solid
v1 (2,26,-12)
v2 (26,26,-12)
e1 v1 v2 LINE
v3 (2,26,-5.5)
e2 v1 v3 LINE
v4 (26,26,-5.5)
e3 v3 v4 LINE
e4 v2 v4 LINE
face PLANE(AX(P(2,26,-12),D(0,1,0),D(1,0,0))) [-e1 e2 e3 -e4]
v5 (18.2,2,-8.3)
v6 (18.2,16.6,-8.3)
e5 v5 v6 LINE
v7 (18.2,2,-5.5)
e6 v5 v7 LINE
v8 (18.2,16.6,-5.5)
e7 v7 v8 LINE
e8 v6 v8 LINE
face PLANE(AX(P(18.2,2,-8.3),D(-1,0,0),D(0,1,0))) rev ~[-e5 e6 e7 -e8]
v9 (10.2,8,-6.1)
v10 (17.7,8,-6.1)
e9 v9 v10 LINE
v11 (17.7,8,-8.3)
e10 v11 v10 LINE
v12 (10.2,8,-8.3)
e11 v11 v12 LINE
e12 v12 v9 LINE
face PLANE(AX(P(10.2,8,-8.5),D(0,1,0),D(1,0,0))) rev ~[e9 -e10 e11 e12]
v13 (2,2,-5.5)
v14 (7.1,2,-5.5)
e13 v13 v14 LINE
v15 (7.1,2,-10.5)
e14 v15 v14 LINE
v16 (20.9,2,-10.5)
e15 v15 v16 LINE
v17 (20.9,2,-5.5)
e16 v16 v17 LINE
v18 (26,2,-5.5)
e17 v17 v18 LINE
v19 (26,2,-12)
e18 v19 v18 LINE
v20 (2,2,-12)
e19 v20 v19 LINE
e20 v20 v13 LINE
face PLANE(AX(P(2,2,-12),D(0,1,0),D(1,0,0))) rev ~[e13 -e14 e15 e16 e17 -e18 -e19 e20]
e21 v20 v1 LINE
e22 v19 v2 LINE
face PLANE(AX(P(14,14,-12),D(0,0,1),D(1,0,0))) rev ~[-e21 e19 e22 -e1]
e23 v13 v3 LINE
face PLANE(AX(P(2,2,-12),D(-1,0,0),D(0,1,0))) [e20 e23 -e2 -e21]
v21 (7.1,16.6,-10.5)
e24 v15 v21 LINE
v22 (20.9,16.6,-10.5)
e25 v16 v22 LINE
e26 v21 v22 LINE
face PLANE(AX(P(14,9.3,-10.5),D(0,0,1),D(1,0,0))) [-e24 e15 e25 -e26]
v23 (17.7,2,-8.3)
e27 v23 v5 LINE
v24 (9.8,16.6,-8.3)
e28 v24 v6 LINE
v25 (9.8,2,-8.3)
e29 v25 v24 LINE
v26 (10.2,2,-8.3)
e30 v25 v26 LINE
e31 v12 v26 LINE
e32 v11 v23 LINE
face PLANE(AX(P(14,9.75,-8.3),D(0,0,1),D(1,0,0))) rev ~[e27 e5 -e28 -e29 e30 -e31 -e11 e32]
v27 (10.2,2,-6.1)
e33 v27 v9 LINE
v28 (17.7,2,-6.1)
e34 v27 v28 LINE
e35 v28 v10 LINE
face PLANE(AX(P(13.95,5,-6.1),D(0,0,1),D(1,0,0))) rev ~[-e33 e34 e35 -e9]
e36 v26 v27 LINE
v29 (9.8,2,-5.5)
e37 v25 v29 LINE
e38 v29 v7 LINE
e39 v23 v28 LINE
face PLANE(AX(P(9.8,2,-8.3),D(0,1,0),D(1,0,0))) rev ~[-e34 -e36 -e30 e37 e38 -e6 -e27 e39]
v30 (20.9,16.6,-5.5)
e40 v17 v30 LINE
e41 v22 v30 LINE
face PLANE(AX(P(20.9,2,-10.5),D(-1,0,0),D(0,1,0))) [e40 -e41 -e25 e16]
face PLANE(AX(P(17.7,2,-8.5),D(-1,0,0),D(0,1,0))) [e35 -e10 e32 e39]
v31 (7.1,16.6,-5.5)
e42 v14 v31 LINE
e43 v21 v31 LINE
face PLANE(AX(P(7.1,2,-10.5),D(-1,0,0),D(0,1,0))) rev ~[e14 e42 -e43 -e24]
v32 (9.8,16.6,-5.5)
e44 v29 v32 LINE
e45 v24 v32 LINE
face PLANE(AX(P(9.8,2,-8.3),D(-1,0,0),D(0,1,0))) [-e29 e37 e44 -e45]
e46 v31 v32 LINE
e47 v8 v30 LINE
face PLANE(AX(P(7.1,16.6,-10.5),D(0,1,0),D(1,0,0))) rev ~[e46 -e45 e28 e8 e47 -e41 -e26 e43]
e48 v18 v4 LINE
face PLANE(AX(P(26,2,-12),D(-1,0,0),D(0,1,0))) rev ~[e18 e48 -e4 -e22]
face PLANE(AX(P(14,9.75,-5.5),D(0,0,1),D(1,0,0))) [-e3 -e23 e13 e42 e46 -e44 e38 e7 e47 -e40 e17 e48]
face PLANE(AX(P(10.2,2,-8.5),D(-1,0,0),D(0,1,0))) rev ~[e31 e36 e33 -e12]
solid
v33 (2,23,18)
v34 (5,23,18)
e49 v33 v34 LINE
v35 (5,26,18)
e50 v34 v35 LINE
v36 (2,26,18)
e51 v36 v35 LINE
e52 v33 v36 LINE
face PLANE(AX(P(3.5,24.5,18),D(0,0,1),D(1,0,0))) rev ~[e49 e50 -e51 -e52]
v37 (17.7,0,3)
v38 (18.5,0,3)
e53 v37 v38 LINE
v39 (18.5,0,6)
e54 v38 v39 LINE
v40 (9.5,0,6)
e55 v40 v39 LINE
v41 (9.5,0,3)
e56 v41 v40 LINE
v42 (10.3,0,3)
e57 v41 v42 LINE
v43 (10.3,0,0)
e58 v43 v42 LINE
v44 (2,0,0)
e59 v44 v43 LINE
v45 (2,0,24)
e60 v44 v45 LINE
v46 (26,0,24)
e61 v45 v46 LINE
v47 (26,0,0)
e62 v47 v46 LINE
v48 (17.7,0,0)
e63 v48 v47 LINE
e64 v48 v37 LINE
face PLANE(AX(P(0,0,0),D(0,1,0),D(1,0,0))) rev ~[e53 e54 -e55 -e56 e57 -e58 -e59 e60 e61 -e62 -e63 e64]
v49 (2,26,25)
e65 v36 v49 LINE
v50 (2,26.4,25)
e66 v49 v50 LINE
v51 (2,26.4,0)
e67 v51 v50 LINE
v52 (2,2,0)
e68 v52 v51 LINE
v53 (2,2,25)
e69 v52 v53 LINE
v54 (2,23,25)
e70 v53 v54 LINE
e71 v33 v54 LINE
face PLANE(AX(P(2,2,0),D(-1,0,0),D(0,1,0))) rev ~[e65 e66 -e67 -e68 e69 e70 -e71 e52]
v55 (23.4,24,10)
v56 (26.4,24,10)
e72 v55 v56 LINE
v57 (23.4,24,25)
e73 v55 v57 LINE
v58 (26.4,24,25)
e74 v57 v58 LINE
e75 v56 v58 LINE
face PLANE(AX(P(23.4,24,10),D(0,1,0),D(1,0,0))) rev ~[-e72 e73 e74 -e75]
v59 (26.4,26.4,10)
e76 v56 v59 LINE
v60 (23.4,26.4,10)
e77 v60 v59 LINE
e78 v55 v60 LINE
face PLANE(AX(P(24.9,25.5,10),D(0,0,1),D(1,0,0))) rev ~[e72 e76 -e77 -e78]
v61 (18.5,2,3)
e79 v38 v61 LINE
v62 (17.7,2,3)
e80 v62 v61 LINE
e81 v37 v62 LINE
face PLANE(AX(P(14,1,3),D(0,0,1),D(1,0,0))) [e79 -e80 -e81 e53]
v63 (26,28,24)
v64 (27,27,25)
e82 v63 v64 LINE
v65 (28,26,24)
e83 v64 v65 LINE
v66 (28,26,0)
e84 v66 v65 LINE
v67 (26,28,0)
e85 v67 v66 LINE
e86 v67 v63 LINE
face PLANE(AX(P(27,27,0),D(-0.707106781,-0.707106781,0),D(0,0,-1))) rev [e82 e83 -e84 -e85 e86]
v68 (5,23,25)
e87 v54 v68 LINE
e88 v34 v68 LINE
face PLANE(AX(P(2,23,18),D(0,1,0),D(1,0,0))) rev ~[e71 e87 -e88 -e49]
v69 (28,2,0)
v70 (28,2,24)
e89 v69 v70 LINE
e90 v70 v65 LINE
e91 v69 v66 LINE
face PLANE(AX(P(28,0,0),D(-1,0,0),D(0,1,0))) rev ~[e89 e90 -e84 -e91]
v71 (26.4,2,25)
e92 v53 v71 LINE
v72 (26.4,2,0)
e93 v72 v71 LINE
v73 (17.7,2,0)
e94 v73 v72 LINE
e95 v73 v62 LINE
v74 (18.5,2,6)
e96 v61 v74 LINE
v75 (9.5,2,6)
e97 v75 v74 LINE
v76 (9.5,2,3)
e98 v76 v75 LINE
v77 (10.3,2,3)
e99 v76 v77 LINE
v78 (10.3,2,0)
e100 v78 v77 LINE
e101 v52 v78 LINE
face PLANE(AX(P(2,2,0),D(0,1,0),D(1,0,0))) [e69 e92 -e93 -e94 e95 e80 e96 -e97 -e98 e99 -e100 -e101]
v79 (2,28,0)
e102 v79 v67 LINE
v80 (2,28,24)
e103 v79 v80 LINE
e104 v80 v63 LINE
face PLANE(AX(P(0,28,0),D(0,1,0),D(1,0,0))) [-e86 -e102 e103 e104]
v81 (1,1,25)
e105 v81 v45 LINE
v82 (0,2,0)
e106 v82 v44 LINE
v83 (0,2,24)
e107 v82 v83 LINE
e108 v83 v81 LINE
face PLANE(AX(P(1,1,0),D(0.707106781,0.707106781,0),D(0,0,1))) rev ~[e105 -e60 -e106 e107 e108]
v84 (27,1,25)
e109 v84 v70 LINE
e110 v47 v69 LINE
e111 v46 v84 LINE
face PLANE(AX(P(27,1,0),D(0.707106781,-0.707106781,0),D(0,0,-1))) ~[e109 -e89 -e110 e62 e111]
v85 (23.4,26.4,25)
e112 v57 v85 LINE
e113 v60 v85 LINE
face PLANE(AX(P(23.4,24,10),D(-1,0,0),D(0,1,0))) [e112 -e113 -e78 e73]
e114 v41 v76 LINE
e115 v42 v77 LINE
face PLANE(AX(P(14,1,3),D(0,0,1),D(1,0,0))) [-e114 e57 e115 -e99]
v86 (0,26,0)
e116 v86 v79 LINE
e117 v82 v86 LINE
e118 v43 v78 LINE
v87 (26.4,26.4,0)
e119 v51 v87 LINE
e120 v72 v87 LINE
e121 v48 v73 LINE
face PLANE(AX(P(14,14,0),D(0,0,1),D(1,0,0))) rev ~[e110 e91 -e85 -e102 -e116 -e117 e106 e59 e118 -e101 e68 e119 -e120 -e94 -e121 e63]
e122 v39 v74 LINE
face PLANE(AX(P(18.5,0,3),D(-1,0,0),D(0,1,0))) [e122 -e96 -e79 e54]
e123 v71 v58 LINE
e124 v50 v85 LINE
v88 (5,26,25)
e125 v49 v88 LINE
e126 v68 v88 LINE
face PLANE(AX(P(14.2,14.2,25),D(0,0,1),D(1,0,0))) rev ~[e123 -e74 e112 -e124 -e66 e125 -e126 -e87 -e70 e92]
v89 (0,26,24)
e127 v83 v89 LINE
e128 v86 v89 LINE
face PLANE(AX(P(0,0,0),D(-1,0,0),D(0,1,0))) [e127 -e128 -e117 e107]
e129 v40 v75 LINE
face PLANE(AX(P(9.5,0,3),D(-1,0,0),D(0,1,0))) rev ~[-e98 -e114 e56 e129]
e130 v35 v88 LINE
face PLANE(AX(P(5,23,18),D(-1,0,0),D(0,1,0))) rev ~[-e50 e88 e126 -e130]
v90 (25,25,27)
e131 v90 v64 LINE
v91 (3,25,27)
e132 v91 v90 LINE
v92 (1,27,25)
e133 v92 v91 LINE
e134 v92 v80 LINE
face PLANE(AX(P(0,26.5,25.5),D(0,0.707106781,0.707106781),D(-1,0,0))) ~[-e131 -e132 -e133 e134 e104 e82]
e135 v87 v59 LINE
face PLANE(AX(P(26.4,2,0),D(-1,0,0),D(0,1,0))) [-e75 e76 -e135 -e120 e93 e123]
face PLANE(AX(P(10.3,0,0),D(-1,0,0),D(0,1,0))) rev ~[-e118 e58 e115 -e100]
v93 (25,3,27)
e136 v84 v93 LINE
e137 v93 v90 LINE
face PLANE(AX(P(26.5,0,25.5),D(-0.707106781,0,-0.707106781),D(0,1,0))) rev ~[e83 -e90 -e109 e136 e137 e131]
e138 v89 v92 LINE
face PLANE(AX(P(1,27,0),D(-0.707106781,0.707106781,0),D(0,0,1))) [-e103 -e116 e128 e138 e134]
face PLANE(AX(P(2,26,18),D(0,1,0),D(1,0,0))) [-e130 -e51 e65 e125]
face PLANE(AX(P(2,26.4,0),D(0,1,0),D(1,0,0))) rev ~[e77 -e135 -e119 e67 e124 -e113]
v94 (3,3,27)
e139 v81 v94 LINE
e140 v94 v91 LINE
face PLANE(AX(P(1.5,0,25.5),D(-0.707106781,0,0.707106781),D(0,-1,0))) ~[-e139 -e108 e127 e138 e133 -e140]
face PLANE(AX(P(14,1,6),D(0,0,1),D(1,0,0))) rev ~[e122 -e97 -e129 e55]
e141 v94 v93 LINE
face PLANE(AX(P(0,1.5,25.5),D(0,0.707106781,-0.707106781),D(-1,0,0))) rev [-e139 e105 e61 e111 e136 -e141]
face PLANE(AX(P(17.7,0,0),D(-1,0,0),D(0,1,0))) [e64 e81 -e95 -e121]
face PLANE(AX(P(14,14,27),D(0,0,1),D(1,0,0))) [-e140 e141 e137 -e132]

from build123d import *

# Parameters (mm, degrees)
BOX_W           = 28
BOX_H           = 28
BOX_DEPTH       = 27
BOX001_W        = 24.4
BOX001_H        = 24.4
BOX001_DEPTH    = 25
BOX004_W        = 7.4
BOX004_H        = 2.3
BOX004_DEPTH    = 5
CHAMFER_SIZE    = 3
CHAMFER001_SIZE = 2
BOX007_W        = 3
BOX007_H        = 3
BOX007_DEPTH    = 15
BOX008_W        = 3
BOX008_H        = 3
BOX008_DEPTH    = 7
BOX009_W        = 9
BOX009_H        = 2
BOX009_DEPTH    = 3
BOX002_W        = 24
BOX002_H        = 24
BOX002_DEPTH    = 6.5
BOX003_W        = 13.8
BOX003_H        = 14.6
BOX003_DEPTH    = 5
BOX005_W        = 8.4
BOX005_H        = 15.5
BOX005_DEPTH    = 2.8
BOX006_W        = 7.5
BOX006_H        = 6
BOX006_DEPTH    = 2.4


with BuildPart() as body:
    # Box → Box (join)
    with BuildSketch(Plane.XY):
        with Locations((14, 14)):
            Rectangle(BOX_W, BOX_H)
    extrude(amount=BOX_DEPTH)

    # Box001 → Box001 (cut)
    with BuildSketch(Plane(origin=(2, 2, 0), x_dir=(1, 0, 0), z_dir=(0, 0, 1))):
        with Locations((12.2, 12.2)):
            Rectangle(BOX001_W, BOX001_H)
    extrude(amount=BOX001_DEPTH, mode=Mode.SUBTRACT)

    # Box004 → Box004 (cut)
    with BuildSketch(Plane(origin=(10.3, 0, 0), x_dir=(1, 0, 0), z_dir=(0, 0, 1))):
        with Locations((3.7, 1.15)):
            Rectangle(BOX004_W, BOX004_H)
    extrude(amount=BOX004_DEPTH, mode=Mode.SUBTRACT)

    # Chamfer
    chamfer_edges = [body.edges().sort_by_distance(p)[0] for p in [
        (0, 14, 27),
        (14, 0, 27),
        (28, 14, 27),
        (14, 28, 27),
    ]]
    chamfer(chamfer_edges, length=CHAMFER_SIZE)

    # Chamfer001
    chamfer001_edges = [body.edges().sort_by_distance(p)[0] for p in [
        (0, 0, 12),
        (0, 28, 12),
        (28, 0, 12),
        (28, 28, 12),
    ]]
    chamfer(chamfer001_edges, length=CHAMFER001_SIZE)

    # Box007 → Box007 (join)
    with BuildSketch(Plane(origin=(23.4, 24, 10), x_dir=(1, 0, 0), z_dir=(0, 0, 1))):
        with Locations((1.5, 1.5)):
            Rectangle(BOX007_W, BOX007_H)
    extrude(amount=BOX007_DEPTH)

    # Box008 → Box008 (join)
    with BuildSketch(Plane(origin=(2, 23, 18), x_dir=(1, 0, 0), z_dir=(0, 0, 1))):
        with Locations((1.5, 1.5)):
            Rectangle(BOX008_W, BOX008_H)
    extrude(amount=BOX008_DEPTH)

    # Box009 → Box009 (cut)
    with BuildSketch(Plane(origin=(9.5, 0, 3), x_dir=(1, 0, 0), z_dir=(0, 0, 1))):
        with Locations((4.5, 1)):
            Rectangle(BOX009_W, BOX009_H)
    extrude(amount=BOX009_DEPTH, mode=Mode.SUBTRACT)


with BuildPart() as body001:
    # Box002 → Box002 (join)
    with BuildSketch(Plane(origin=(2, 2, -12), x_dir=(1, 0, 0), z_dir=(0, 0, 1))):
        with Locations((12, 12)):
            Rectangle(BOX002_W, BOX002_H)
    extrude(amount=BOX002_DEPTH)

    # Box003 → Box003 (cut)
    with BuildSketch(Plane(origin=(7.1, 2, -10.5), x_dir=(1, 0, 0), z_dir=(0, 0, 1))):
        with Locations((6.9, 7.3)):
            Rectangle(BOX003_W, BOX003_H)
    extrude(amount=BOX003_DEPTH, mode=Mode.SUBTRACT)

    # Box005 → Box005 (join)
    with BuildSketch(Plane(origin=(9.8, 2, -8.3), x_dir=(1, 0, 0), z_dir=(0, 0, 1))):
        with Locations((4.2, 7.75)):
            Rectangle(BOX005_W, BOX005_H)
    extrude(amount=BOX005_DEPTH)

    # Box006 → Box006 (cut)
    with BuildSketch(Plane(origin=(10.2, 2, -8.5), x_dir=(1, 0, 0), z_dir=(0, 0, 1))):
        with Locations((3.75, 3)):
            Rectangle(BOX006_W, BOX006_H)
    extrude(amount=BOX006_DEPTH, mode=Mode.SUBTRACT)


solid = Compound([body.part, body001.part])
